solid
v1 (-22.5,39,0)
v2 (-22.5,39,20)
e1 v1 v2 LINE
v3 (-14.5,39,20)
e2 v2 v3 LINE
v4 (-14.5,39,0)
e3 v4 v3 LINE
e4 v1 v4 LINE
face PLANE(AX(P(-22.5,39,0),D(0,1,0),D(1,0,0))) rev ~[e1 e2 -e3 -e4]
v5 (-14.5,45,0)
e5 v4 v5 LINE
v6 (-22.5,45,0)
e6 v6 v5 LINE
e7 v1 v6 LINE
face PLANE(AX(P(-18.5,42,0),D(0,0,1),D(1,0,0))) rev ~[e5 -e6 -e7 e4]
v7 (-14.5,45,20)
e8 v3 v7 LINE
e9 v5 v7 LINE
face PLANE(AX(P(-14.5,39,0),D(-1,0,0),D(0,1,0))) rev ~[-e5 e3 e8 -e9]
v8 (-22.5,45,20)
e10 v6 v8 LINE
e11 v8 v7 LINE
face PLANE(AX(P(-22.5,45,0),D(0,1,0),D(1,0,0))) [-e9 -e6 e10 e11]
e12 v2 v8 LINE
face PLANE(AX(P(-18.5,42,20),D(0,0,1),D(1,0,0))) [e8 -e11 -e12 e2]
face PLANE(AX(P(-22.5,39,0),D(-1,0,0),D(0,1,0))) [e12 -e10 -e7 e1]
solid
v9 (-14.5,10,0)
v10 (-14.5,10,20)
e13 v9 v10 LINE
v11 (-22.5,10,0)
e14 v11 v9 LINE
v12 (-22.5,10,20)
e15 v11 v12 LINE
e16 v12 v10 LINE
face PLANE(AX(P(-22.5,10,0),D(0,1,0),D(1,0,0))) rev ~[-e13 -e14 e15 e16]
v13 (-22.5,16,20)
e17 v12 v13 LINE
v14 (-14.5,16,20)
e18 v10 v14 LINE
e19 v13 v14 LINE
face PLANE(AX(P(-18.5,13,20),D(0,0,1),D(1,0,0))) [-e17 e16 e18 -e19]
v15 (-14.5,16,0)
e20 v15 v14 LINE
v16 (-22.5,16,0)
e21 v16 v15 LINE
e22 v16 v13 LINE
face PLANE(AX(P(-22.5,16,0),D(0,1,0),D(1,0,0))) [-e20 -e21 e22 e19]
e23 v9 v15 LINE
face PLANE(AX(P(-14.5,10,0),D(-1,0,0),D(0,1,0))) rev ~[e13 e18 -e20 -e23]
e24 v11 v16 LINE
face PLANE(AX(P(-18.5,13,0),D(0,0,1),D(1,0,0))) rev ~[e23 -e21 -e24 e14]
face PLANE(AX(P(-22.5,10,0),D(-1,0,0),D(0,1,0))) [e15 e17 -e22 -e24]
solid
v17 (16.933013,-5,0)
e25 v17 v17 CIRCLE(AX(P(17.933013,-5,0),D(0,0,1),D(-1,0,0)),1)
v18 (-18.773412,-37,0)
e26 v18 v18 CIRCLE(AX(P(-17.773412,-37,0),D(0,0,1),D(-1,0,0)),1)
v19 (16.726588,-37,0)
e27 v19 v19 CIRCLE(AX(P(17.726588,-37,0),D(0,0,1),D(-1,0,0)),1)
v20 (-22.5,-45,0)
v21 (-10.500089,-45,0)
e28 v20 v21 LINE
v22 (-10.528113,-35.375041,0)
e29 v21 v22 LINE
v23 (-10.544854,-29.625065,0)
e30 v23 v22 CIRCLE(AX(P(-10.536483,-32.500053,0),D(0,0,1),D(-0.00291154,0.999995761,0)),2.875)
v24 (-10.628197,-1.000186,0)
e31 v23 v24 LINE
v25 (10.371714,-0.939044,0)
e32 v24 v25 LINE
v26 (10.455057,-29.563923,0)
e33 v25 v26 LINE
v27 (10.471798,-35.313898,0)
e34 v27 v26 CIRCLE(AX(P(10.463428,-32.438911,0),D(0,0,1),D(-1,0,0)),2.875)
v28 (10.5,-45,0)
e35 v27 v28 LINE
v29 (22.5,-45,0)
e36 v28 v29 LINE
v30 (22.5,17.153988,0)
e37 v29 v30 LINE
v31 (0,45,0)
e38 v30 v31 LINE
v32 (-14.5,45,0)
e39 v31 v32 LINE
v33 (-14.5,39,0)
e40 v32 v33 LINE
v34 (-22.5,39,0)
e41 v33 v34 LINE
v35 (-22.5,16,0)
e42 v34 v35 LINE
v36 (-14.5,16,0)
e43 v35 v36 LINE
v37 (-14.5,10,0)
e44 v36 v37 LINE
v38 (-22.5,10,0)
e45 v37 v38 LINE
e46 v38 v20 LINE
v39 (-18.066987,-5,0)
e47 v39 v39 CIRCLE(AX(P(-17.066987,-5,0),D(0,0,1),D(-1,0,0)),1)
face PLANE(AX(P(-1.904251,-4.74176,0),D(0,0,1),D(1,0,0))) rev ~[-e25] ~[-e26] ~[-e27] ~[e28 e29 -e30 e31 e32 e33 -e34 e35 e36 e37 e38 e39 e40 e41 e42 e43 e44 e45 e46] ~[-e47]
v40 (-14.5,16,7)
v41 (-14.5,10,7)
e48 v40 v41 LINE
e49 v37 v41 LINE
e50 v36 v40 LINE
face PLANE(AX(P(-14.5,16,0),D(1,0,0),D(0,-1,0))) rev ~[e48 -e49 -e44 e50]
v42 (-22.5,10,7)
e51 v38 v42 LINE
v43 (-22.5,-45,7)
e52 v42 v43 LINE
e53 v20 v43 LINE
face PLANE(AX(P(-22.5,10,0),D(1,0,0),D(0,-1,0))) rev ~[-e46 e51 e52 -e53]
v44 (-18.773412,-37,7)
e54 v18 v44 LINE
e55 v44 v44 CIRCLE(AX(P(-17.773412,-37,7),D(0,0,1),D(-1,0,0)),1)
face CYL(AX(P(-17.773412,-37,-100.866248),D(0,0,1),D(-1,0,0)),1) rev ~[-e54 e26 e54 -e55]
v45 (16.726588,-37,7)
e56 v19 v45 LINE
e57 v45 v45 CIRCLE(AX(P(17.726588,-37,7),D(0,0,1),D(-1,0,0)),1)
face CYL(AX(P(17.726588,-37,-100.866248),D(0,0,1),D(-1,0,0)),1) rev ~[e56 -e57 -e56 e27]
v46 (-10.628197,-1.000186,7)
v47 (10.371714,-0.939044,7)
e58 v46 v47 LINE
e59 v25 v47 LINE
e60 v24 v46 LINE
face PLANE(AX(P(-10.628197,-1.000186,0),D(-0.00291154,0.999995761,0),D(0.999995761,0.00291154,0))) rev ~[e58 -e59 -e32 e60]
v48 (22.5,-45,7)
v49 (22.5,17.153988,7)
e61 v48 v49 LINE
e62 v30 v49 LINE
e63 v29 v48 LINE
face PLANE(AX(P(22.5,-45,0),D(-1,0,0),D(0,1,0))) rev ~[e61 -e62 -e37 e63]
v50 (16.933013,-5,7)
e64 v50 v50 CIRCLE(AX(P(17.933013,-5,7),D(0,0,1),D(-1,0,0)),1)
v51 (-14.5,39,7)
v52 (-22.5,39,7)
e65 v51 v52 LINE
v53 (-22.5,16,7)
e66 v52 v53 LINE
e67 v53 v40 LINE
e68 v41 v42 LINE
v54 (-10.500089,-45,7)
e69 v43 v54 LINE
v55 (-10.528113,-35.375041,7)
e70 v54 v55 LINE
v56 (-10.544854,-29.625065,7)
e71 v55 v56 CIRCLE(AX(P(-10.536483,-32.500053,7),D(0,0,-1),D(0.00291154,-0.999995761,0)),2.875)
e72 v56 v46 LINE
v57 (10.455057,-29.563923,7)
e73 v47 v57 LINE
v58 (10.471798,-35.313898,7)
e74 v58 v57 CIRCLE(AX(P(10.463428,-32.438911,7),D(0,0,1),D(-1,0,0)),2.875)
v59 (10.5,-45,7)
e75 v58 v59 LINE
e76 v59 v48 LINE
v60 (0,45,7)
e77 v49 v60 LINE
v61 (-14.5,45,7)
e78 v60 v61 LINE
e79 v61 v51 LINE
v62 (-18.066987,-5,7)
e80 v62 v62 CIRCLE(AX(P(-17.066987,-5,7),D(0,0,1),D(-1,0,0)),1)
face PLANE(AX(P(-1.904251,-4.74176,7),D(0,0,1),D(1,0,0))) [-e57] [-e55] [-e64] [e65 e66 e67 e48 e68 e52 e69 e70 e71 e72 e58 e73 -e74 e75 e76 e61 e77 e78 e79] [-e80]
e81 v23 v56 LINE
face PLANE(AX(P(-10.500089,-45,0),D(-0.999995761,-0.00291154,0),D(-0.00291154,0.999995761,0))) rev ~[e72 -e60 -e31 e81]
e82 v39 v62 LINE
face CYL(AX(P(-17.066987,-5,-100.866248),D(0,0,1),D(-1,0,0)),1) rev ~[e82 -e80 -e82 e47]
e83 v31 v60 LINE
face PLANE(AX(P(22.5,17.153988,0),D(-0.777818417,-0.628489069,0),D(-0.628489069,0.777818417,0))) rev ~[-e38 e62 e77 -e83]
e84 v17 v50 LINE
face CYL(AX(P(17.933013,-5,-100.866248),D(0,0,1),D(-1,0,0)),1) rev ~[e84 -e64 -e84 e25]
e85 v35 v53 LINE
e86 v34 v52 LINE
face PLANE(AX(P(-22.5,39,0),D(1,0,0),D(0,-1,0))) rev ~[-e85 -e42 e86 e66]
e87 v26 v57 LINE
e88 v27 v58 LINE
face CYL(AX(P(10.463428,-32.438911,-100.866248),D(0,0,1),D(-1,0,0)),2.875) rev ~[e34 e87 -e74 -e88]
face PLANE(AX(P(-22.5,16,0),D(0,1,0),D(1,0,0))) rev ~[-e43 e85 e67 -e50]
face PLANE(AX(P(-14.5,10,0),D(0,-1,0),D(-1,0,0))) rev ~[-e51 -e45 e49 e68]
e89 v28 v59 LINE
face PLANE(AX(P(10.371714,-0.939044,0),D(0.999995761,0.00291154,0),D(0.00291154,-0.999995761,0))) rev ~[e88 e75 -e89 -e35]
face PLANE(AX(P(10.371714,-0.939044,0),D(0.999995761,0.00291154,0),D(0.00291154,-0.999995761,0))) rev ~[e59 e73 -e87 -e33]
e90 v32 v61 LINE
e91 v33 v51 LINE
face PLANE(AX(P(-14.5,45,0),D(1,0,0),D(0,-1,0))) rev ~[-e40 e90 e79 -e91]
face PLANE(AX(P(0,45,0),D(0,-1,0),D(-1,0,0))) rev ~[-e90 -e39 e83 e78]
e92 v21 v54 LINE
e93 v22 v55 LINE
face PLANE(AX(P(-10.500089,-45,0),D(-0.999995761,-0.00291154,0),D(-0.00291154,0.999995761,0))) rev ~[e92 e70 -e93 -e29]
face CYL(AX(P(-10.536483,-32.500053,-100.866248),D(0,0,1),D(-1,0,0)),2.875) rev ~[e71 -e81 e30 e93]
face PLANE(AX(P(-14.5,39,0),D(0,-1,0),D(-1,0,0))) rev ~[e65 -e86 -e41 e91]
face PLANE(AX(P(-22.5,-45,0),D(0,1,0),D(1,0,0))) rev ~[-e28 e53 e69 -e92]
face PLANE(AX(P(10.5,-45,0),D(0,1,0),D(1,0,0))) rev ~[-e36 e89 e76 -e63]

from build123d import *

# Parameters (mm, degrees)
F0_W     = 8
F0_H     = 6
F1_DEPTH = 20
F2_DEPTH = 20
F3_DEPTH = 7
F4_D     = 2
F5_D     = 5.75


with BuildPart() as f1:
    # F0 (on Top) → F1 (new body)
    with BuildSketch(Plane.XY):
        with Locations((-18.5, 42)):
            Rectangle(F0_W, F0_H)
    extrude(amount=F1_DEPTH)


with BuildPart() as f2:
    # F0 (on Top) → F2 (new body)
    with BuildSketch(Plane.XY):
        with Locations((-18.5, 13)):
            Rectangle(F0_W, F0_H)
    extrude(amount=F2_DEPTH)


with BuildPart() as f3:
    # F0 (on Top) → F3 (new body)
    with BuildSketch(Plane.XY):
        Polygon((10.5, -45), (22.5, -45), (22.5, 17.153987661), (0, 45), (-14.5, 45), (-14.5, 39), (-22.5, 39), (-22.5, 16), (-14.5, 16), (-14.5, 10), (-22.5, 10), (-22.5, -45), (-10.5000890097, -45), (-10.6281967604, -1.0001864958), (10.3717142302, -0.9390441602), align=None)
    extrude(amount=F3_DEPTH)

    # F4 (through all)
    with Locations(Plane(origin=(0, 0, 0), x_dir=(1, 0, 0), z_dir=(0, 0, -1))):
        with Locations((-17.0669870824, 5), (-17.7734121563, 37), (17.7265878437, 37), (17.9330129176, 5)):
            Hole(F4_D / 2)

    # F5 (through all)
    with Locations(Plane(origin=(0, 0, 0), x_dir=(1, 0, 0), z_dir=(0, 0, -1))):
        with Locations((-10.5364832571, 32.5000529818), (10.4634277335, 32.4389106462)):
            Hole(F5_D / 2)


solid = Compound([f1.part, f2.part, f3.part])
